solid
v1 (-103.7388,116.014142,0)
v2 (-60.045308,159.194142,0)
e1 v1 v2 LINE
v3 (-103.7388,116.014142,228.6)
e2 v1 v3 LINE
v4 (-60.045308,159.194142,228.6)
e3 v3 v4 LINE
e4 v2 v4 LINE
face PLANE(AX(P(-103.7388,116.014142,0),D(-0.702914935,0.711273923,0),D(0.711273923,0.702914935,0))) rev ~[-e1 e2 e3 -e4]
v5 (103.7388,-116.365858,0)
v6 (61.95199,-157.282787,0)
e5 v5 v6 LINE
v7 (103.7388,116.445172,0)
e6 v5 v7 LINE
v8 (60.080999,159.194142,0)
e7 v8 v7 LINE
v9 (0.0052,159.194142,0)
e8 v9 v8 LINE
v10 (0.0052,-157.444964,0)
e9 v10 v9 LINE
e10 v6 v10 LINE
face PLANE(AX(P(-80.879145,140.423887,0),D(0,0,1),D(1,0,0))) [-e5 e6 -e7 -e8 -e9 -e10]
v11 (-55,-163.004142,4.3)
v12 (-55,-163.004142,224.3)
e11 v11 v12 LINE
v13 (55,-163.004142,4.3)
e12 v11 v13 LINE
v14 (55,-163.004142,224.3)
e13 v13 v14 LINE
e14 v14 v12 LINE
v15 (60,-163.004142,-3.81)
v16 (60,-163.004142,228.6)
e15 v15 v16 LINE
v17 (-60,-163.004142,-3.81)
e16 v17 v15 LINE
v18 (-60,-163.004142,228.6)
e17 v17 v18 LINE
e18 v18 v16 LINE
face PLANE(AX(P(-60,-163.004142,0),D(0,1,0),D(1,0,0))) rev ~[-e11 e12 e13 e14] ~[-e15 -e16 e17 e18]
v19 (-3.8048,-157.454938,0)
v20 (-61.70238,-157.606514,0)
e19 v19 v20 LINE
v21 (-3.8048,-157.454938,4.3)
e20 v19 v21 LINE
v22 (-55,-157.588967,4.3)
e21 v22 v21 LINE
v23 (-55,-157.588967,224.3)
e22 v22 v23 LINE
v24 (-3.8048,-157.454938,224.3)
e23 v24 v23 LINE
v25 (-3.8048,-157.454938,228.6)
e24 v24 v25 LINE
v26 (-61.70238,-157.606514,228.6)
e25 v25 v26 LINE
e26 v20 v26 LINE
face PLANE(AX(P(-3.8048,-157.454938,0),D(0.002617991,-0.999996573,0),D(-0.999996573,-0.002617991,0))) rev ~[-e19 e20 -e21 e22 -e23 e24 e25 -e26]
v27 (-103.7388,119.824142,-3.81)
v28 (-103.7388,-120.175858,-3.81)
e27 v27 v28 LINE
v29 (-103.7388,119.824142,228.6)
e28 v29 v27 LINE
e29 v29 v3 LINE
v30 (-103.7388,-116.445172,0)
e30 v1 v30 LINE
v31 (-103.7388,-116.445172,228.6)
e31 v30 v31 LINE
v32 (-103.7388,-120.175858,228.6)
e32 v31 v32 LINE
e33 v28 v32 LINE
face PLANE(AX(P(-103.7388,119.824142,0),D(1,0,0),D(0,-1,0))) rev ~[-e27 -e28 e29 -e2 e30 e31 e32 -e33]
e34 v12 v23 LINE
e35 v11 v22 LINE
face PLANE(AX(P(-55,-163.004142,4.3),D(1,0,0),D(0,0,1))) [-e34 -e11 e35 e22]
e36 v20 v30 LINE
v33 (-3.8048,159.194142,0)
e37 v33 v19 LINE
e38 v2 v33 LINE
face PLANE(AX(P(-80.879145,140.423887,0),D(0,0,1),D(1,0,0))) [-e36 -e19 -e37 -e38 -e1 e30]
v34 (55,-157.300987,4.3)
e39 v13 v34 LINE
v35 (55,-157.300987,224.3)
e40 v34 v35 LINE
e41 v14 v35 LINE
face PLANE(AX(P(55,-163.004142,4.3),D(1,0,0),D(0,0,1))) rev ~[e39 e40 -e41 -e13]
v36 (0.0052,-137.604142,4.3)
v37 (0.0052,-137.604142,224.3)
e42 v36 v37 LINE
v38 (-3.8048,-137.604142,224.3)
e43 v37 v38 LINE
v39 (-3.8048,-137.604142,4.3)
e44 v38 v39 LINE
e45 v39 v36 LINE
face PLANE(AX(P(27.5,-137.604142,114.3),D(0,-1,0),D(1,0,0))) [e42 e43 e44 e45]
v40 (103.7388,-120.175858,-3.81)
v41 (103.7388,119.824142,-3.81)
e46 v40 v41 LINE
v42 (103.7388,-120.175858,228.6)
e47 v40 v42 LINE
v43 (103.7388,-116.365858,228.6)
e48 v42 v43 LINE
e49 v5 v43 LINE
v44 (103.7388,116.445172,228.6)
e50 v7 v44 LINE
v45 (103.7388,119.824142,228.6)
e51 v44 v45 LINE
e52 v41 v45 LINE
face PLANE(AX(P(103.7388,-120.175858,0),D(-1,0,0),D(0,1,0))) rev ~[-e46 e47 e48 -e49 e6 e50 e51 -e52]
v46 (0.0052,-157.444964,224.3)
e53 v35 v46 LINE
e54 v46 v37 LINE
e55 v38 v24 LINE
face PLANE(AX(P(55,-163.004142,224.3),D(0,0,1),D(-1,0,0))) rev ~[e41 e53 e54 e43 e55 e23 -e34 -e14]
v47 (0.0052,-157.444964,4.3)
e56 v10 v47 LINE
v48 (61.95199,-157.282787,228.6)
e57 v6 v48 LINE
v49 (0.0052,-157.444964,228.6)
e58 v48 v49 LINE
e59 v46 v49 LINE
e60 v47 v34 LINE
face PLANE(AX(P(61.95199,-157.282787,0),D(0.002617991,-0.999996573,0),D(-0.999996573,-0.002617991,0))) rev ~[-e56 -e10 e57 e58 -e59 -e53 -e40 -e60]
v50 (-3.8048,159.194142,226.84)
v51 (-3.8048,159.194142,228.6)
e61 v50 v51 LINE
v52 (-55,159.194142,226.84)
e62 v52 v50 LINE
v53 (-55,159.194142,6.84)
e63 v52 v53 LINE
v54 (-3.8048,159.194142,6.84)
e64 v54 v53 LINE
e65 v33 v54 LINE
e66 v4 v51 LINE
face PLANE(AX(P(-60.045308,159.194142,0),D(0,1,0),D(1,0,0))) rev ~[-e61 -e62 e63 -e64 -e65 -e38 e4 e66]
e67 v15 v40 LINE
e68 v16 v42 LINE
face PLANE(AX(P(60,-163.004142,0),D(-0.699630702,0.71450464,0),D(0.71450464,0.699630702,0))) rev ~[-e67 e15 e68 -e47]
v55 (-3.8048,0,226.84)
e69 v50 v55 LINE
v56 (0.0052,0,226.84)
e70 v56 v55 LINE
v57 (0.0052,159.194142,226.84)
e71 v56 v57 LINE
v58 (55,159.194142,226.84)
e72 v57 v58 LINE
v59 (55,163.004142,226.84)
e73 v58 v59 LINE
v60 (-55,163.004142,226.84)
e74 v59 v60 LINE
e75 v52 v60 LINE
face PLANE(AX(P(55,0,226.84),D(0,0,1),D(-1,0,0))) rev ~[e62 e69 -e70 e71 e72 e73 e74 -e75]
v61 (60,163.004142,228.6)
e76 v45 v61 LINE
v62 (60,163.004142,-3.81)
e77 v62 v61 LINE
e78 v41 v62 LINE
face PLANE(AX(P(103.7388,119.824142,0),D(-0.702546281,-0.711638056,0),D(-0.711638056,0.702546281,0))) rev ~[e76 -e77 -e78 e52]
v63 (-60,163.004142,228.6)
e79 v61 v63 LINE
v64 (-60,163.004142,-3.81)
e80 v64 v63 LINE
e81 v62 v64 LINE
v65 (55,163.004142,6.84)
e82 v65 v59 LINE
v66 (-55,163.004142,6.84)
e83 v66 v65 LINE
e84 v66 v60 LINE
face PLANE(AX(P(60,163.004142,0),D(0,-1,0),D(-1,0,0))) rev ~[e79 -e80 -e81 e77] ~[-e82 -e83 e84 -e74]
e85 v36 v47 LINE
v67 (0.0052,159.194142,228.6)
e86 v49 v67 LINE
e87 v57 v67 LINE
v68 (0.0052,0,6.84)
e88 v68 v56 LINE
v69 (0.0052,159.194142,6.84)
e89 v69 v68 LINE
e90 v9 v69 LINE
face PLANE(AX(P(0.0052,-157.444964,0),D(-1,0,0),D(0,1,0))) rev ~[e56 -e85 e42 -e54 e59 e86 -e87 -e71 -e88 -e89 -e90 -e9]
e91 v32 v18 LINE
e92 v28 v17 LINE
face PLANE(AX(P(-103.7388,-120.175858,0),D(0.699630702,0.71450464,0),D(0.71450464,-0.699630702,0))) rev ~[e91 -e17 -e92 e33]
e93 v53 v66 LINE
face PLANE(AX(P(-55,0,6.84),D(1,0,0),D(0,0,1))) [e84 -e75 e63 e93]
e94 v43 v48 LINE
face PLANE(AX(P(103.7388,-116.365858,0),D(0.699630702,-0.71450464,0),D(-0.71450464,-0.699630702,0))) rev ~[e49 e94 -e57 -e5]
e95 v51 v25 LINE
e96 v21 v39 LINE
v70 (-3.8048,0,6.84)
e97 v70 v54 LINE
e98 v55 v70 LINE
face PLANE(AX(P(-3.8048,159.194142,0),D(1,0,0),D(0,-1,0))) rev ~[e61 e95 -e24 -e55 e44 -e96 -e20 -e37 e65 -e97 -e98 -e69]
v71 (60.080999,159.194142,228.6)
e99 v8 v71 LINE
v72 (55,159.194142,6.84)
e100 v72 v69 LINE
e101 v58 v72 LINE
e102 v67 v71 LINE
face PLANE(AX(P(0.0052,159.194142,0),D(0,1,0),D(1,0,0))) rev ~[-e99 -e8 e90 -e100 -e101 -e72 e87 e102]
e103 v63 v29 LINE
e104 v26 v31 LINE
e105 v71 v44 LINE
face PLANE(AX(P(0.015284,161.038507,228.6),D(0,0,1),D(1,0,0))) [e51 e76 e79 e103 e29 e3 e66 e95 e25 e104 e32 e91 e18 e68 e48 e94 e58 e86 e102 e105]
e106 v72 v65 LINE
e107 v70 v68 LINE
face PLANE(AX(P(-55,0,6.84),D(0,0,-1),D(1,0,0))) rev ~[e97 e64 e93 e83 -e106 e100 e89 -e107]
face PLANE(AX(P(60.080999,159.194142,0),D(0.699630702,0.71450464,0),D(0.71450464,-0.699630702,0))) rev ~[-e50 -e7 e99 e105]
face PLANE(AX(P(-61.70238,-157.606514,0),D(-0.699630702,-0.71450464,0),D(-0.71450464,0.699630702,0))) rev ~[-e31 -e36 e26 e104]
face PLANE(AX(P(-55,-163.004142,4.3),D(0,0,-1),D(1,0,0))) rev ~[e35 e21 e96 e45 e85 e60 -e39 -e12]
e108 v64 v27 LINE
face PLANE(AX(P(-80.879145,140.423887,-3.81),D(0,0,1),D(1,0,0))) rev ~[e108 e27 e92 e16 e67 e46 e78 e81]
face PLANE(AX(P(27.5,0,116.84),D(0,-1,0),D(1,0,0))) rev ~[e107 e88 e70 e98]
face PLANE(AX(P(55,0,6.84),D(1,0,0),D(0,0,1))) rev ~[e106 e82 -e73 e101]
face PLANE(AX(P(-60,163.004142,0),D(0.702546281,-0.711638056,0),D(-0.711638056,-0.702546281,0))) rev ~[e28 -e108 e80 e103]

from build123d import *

# Parameters (mm, degrees)
F1_DEPTH = 3.81
F2_DEPTH = 228.6
F3_W     = 55
F3_H     = 220
F4_DEPTH = 25.4
F5_W     = 55
F5_H     = 220
F7_DEPTH = 228.6


with BuildPart() as f1:
    # F0 (on Top) → F1 (new body)
    with BuildSketch(Plane.XY):
        Polygon((-60.0453081081, 159.1941417708), (-56.19, 163.0041417708), (-60, 163.0041417708), (-103.7388, 119.8241417708), (-103.7388, 116.0141417708), align=None)
        Polygon((60.0809994569, 159.1941417708), (56.19, 163.0041417708), (-56.19, 163.0041417708), (-60.0453081081, 159.1941417708), (-3.8048, 159.1941417708), (0.0052, 159.1941417708), align=None)
        Polygon((-3.8048, 159.1941417708), (-60.0453081081, 159.1941417708), (-103.7388, 116.0141417708), (-103.7388, -116.4451715096), (-61.7023795136, -157.6065141999), (-3.8048, -157.4549383449), align=None)
        Polygon((0.0052, -157.4449637654), (0.0052, 159.1941417708), (-3.8048, 159.1941417708), (-3.8048, -157.4549383449), align=None)
        Polygon((103.7388, -116.3658582292), (103.7388, 116.4451715096), (60.0809994569, 159.1941417708), (0.0052, 159.1941417708), (0.0052, -157.4449637654), (61.9519895189, -157.2827870792), align=None)
        Polygon((103.7388, 119.8241417708), (60, 163.0041417708), (56.19, 163.0041417708), (60.0809994569, 159.1941417708), (103.7388, 116.4451715096), align=None)
        Polygon((103.7388, -120.1758582292), (103.7388, -116.3658582292), (61.9519895189, -157.2827870792), (56.1090005431, -163.0041417708), (60, -163.0041417708), align=None)
        Polygon((56.1090005431, -163.0041417708), (61.9519895189, -157.2827870792), (0.0052, -157.4449637654), (-3.8048, -157.4549383449), (-61.7023795136, -157.6065141999), (-56.19, -163.0041417708), align=None)
        Polygon((-61.7023795136, -157.6065141999), (-103.7388, -116.4451715096), (-103.7388, -120.1758582292), (-60, -163.0041417708), (-56.19, -163.0041417708), align=None)
    extrude(amount=-F1_DEPTH)

    # F0 (on Top) → F2 (join)
    with BuildSketch(Plane.XY):
        Polygon((60.0809994569, 159.1941417708), (56.19, 163.0041417708), (-56.19, 163.0041417708), (-60.0453081081, 159.1941417708), (-3.8048, 159.1941417708), (0.0052, 159.1941417708), align=None)
        Polygon((103.7388, 119.8241417708), (60, 163.0041417708), (56.19, 163.0041417708), (60.0809994569, 159.1941417708), (103.7388, 116.4451715096), align=None)
        Polygon((-60.0453081081, 159.1941417708), (-56.19, 163.0041417708), (-60, 163.0041417708), (-103.7388, 119.8241417708), (-103.7388, 116.0141417708), align=None)
        Polygon((56.1090005431, -163.0041417708), (61.9519895189, -157.2827870792), (0.0052, -157.4449637654), (-3.8048, -157.4549383449), (-61.7023795136, -157.6065141999), (-56.19, -163.0041417708), align=None)
        Polygon((-61.7023795136, -157.6065141999), (-103.7388, -116.4451715096), (-103.7388, -120.1758582292), (-60, -163.0041417708), (-56.19, -163.0041417708), align=None)
        Polygon((103.7388, -120.1758582292), (103.7388, -116.3658582292), (61.9519895189, -157.2827870792), (56.1090005431, -163.0041417708), (60, -163.0041417708), align=None)
        Polygon((0.0052, -157.4449637654), (0.0052, 159.1941417708), (-3.8048, 159.1941417708), (-3.8048, -157.4549383449), align=None)
    extrude(amount=F2_DEPTH)

    # F3 (on face) → F4 (cut)
    with BuildSketch(Plane.XZ.offset(163.0041417708)):
        with Locations((27.5, 114.3)):
            Rectangle(F3_W, F3_H)
        with Locations((-27.5, 114.3)):
            Rectangle(F3_W, F3_H)
    extrude(amount=-F4_DEPTH, mode=Mode.SUBTRACT)

    # F5 (on Front) → F7 (cut)
    with BuildSketch(Plane.XZ):
        with Locations((27.5, 116.84)):
            Rectangle(F5_W, F5_H)
        with Locations((-27.5, 116.84)):
            Rectangle(F5_W, F5_H)
    extrude(amount=-F7_DEPTH, mode=Mode.SUBTRACT)


solid = f1.part
